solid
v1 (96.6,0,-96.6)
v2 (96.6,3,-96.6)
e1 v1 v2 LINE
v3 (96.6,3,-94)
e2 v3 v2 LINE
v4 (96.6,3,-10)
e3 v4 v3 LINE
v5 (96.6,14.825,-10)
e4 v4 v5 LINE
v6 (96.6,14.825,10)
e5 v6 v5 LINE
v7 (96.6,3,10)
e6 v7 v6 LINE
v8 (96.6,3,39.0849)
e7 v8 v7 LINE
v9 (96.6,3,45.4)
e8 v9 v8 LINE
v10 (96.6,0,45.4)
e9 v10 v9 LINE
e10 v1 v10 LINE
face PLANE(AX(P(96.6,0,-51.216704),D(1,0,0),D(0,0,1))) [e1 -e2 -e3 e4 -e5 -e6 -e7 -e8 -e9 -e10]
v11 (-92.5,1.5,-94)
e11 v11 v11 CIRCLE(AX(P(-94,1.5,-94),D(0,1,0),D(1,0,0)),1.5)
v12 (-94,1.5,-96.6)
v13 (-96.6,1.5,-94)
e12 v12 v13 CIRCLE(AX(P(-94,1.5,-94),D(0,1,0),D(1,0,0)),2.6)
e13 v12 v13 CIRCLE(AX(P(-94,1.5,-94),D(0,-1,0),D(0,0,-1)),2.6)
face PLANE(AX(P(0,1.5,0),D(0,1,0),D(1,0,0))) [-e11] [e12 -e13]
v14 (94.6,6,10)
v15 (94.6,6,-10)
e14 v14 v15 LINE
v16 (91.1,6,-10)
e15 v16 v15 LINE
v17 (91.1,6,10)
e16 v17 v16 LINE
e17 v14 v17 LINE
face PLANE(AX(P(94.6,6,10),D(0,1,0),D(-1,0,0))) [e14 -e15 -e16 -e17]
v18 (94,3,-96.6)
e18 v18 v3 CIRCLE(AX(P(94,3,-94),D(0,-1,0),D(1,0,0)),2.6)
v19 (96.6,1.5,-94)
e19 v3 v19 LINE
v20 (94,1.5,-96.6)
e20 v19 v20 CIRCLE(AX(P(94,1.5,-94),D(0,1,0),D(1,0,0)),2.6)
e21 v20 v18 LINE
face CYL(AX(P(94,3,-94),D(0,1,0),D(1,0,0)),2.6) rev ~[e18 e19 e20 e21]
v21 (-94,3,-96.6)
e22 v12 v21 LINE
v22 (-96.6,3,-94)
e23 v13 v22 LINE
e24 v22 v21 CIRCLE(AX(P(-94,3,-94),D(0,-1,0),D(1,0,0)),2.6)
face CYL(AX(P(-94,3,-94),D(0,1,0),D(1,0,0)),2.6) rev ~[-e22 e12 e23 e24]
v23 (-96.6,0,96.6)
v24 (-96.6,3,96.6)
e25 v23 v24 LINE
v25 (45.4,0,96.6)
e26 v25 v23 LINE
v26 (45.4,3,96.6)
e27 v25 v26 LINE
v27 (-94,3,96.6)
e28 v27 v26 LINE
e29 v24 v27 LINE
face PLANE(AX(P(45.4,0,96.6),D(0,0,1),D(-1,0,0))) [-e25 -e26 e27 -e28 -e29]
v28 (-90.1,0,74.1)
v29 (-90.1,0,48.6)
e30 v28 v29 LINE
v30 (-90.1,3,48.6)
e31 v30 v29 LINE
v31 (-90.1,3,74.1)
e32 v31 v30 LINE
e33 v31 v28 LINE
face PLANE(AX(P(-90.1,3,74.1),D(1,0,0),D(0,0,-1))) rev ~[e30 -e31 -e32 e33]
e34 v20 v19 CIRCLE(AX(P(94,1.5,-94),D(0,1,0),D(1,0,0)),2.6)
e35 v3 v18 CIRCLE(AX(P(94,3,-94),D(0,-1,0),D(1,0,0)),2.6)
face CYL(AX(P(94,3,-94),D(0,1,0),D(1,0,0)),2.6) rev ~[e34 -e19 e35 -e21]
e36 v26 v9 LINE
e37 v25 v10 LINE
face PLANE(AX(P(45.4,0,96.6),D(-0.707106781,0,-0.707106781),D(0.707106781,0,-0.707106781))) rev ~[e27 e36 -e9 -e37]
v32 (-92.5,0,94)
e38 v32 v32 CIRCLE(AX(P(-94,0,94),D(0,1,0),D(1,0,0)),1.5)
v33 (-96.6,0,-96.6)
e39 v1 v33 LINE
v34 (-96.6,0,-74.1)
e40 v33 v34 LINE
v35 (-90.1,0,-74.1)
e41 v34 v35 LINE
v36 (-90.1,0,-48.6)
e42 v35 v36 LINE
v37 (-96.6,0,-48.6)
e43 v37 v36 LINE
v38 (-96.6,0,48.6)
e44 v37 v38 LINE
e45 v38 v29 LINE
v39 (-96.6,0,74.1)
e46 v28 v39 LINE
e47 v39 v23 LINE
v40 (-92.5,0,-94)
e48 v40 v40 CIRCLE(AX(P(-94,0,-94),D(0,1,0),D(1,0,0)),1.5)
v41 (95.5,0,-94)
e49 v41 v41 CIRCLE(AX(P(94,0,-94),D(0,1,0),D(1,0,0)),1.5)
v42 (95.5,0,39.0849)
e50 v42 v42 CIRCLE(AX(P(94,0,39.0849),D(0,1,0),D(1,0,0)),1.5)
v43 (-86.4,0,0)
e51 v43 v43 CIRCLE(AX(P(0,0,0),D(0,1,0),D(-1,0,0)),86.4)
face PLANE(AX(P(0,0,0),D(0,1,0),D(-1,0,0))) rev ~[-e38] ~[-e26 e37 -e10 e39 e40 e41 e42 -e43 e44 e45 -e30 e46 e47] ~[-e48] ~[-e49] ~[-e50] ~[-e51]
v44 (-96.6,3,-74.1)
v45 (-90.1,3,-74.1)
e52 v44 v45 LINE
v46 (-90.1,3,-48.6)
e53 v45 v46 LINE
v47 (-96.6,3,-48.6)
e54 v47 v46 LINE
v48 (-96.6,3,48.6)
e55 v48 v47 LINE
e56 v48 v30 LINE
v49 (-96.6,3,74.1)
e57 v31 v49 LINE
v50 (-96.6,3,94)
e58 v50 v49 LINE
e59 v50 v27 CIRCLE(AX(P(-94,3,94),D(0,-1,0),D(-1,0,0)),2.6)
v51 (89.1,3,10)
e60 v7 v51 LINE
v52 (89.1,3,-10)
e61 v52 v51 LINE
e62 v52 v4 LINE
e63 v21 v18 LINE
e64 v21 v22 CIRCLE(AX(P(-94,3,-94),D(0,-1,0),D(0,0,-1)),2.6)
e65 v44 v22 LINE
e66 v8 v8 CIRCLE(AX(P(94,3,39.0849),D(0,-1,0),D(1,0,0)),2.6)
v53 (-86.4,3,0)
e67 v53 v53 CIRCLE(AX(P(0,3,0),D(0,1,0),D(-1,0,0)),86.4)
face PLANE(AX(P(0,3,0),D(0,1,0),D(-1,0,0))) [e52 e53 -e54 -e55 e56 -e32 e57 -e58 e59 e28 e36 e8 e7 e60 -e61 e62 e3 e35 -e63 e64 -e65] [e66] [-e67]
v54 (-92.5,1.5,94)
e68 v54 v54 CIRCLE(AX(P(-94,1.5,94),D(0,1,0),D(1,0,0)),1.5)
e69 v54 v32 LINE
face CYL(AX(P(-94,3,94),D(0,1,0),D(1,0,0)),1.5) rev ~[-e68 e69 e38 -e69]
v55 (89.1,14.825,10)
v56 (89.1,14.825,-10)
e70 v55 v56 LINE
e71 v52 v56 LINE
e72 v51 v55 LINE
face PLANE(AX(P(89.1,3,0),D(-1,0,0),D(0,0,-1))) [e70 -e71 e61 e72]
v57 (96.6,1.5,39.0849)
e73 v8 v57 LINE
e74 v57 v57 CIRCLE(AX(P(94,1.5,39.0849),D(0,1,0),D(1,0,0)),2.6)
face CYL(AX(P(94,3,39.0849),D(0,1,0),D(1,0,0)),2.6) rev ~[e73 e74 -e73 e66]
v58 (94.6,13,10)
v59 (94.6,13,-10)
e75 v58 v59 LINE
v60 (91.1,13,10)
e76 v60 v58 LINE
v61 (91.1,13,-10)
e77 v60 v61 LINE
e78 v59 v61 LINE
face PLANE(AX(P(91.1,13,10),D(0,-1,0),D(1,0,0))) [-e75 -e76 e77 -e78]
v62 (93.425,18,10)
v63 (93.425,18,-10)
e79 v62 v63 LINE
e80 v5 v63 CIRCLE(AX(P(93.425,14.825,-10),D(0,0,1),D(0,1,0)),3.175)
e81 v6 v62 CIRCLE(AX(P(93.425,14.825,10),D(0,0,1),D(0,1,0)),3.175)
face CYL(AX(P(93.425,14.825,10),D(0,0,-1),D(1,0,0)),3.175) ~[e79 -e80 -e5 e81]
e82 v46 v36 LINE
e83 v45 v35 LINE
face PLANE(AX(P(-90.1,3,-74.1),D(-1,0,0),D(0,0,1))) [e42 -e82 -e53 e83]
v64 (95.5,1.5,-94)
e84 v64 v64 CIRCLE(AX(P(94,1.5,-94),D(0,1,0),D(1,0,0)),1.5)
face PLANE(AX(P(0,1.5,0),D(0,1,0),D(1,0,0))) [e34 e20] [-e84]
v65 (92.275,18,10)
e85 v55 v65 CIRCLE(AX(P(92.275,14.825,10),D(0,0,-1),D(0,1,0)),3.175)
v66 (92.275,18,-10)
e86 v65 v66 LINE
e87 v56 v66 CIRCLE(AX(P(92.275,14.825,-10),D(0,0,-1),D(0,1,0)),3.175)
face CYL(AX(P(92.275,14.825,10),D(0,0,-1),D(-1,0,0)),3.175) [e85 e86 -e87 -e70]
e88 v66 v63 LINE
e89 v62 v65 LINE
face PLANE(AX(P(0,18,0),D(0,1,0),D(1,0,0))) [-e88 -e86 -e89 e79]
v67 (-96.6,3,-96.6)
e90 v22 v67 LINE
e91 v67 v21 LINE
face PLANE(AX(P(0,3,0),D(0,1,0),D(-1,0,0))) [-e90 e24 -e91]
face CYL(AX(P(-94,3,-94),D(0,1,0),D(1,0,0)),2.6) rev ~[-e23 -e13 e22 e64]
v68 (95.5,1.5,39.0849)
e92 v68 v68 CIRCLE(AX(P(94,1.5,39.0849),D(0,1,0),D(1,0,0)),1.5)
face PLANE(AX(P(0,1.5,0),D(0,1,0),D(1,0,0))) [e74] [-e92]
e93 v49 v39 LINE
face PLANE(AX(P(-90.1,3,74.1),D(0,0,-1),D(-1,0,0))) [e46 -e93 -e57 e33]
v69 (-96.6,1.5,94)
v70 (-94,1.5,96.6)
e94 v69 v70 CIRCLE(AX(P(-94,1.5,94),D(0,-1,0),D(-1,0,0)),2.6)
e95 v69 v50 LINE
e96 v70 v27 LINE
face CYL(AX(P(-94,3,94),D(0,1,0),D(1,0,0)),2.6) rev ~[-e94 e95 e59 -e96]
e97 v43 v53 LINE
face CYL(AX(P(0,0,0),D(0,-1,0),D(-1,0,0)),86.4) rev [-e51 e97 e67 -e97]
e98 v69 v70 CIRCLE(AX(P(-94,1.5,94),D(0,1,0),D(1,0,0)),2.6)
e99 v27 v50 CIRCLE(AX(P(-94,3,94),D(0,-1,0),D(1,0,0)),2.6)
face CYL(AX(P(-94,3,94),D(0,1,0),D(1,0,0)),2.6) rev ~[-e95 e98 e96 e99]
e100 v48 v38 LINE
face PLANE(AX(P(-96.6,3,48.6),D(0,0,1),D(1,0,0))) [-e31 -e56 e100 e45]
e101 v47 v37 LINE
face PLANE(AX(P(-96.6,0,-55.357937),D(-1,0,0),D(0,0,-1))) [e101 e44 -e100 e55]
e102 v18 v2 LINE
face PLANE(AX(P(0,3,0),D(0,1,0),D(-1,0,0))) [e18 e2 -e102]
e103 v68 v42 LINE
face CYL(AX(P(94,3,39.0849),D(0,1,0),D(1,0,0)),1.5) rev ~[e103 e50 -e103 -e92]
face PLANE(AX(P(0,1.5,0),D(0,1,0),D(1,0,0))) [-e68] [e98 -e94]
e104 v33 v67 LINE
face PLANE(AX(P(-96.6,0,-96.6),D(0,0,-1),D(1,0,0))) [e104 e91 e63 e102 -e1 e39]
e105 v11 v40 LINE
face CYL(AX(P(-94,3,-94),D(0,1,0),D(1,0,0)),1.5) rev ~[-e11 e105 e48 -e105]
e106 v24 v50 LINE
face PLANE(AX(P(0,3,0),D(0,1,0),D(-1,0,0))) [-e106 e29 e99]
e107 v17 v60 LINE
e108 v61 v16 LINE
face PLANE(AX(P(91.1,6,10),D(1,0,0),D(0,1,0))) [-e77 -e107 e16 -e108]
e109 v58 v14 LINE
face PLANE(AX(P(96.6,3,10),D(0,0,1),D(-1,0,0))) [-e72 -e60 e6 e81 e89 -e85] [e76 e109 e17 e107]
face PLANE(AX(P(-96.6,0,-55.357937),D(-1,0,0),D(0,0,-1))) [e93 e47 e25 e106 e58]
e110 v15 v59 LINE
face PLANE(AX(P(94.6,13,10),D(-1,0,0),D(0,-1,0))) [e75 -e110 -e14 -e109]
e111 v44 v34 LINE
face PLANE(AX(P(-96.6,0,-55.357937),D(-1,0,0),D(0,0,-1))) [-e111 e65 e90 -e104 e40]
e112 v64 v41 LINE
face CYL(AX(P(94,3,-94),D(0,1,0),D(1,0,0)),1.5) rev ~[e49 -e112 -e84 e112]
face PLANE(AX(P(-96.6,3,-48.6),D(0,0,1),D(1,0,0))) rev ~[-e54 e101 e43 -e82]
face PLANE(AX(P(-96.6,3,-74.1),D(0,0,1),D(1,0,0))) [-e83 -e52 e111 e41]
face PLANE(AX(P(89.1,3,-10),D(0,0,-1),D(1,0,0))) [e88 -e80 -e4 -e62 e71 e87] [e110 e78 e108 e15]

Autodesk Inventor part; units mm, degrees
ref_plane "YZ Plane" through (0, 0, 0) normal (1, 0, 0) x (0, 1, 0)
ref_plane "XZ Plane" through (0, 0, 0) normal (0, 1, 0) x (-1, 0, 0)
ref_plane "XY Plane" through (0, 0, 0) normal (0, 0, 1) x (1, 0, 0)
sketch "Sketch1" plane through (0, 0, 0) normal (0, 1, 0) x (-1, 0, 0)
  line L0 (101.6, -101.6) -> (-101.6, -101.6)
  line L1 (-101.6, -101.6) -> (-101.6, 101.6)
  line L2 (-101.6, 101.6) -> (101.6, 101.6)
  line L3 (101.6, 101.6) -> (101.6, -101.6)
  line L4 (96.6, -96.6) -> (-96.6, -96.6)
  line L5 (-96.6, -96.6) -> (-96.6, 96.6)
  line L6 (-96.6, 96.6) -> (96.6, 96.6)
  line L7 (96.6, 96.6) -> (96.6, -96.6)
  line L8 (101.6, 101.6) -> (-40.4, 101.6)
  circle A0 centre (0, 0) radius 86.4
  circle A1 centre (0, 0) radius 109.3376
  line L9 (-40.4, 101.6) -> (-101.6, 40.4)
  line L10 (-45.4, 101.6) -> (-101.6, 45.4)
  line L11 (96.6, 96.6) -> (96.6, 101.6)
  line L12 (-45.4, 101.6) -> (-35.4, 101.6)
  line L13 (-35.4, 101.6) -> (-35.4, 96.6)
  line L14 (-35.4, 96.6) -> (-45.4, 96.6)
  line L15 (-45.4, 96.6) -> (-45.4, 101.6)
  circle A2 centre (0, 0) radius 111.3376
  point P0 (96.6, 51.2168)
  point P1 (101.6, 40.4)
  point P2 (101.6, -40.4)
  point P3 (96.6, -51.2168)
  point P4 (-96.6, 45.4)
  point P5 (-45.4, 96.6)
  dimension "d0" = 203.2
  dimension "d1" = 203.2
  dimension "d2" = 101.6
  dimension "d3" = 101.6
  dimension "d4" = 5
  dimension "d5" = 5
  dimension "d6" = 5
  dimension "d7" = 5
  dimension "d10" = 142
  dimension "d12" = 61.2
  dimension "d14" = 172.8
  dimension "d15" = 5
  dimension "d16" = 5
  dimension "d17" = 10
  dimension "d34" = 2
extrude "Extrusion1" add sketch "Sketch1" along normal blind 3 contours A2 L7 L4 | L4 A1 L7 A2 | L4 A1 L5 L9 L6 L7 | A2 L5 A1 L4 | L4 L5 A2 | A1 L6 A2 L7 | A2 L6 L7
sketch "Sketch5" plane through (0, 3, 0) normal (0, 1, 0) x (1, 0, 0)
  line L0 (-96.6, -96.6) -> (45.4, -96.6) projected
  circle A0 centre (0, 0) radius 86.4 projected
  line L1 (96.6, -45.4) -> (96.6, 96.6) projected
  line L2 (96.6, 0) -> (89.1, 0)
  line L3 (89.1, 0) -> (89.1, 10)
  line L4 (89.1, 10) -> (96.6, 10)
  line L5 (96.6, 10) -> (96.6, 0)
  line L6 (89.1, 0) -> (96.6, 0)
  line L7 (96.6, 0) -> (96.6, -10)
  line L8 (96.6, -10) -> (89.1, -10)
  line L9 (89.1, -10) -> (89.1, 0)
  line L10 (0, 0) -> (96.6, 0)
  point P0 (10, -96.6)
  dimension "d52" = 7.5
  dimension "d53" = 7.5
  dimension "d54" = 10
  dimension "d55" = 10
extrude "Extrusion4" add sketch "Sketch5" along normal blind 15 contours L3 L4 L1 L2 | L2 L1 L8 L9
sketch "Sketch7" plane through (89.1, 3, 10) normal (0, 0, 1) x (1, 0, 0)
  line L0 (2, 10) -> (5.5, 10)
  line L1 (5.5, 10) -> (5.5, 3)
  line L2 (5.5, 3) -> (2, 3)
  line L3 (2, 3) -> (2, 10)
  line L4 (7.5, 0) -> (7.5, 15)
  line L5 (0, 0) -> (0, 15)
  line L6 (0, 15) -> (7.5, 15)
  point P0 (-89.1, -3)
  dimension "d56" = 3.5
  dimension "d57" = 2
  dimension "d58" = 2
  dimension "d59" = 5
  dimension "d60" = 7
extrude "Extrusion6" cut sketch "Sketch7" against normal through all
fillet "Fillet7" radius 3.175 2 edges at (96.6, 18, 0) (89.1, 18, 0)
sketch "Sketch8" plane through (0, 3, 0) normal (0, 1, 0) x (1, 0, 0)
  arc A0 (-101.6, -98.425) -> (-98.425, -101.6) centre (-98.425, -98.425) ccw
  line L0 (44.0849, 101.6) -> (-98.425, 101.6)
  line L1 (-101.6, 98.425) -> (-101.6, -98.425)
  line L2 (-101.6, -46.1) -> (-101.6, -76.6)
  line L3 (-96.6, -96.6) -> (-96.6, 96.6)
  line L4 (-96.6, -46.1) -> (-96.6, -76.6)
  line L5 (-101.6, -76.6) -> (-96.6, -76.6)
  line L6 (-101.6, -46.1) -> (-96.6, -46.1)
  line L7 (-98.425, -101.6) -> (101.6, -101.6)
  line L8 (0, 0) -> (-101.6, 0)
  line L9 (-101.6, 46.1) -> (-101.6, 76.6)
  line L10 (-96.6, 46.1) -> (-96.6, 76.6)
  line L11 (-101.6, 76.6) -> (-96.6, 76.6)
  line L12 (-101.6, 46.1) -> (-96.6, 46.1)
  line L13 (-96.6, -76.6) -> (-90.1, -76.6)
  line L14 (-90.1, -76.6) -> (-90.1, -46.1)
  line L15 (-90.1, -46.1) -> (-96.6, -46.1)
  line L16 (-96.6, -46.1) -> (-96.6, -76.6)
  arc A1 (-98.425, 101.6) -> (-101.6, 98.425) centre (-98.425, 98.425) ccw
  line L17 (-101.6, 46.1) -> (-101.6, 76.6)
  line L18 (-96.6, 46.1) -> (-96.6, 76.6)
  line L19 (-101.6, 76.6) -> (-96.6, 76.6)
  line L20 (-101.6, 46.1) -> (-96.6, 46.1)
  line L21 (-96.6, 76.6) -> (-90.1, 76.6)
  line L22 (-90.1, 76.6) -> (-90.1, 46.1)
  line L23 (-90.1, 46.1) -> (-96.6, 46.1)
  line L24 (-96.6, 46.1) -> (-96.6, 76.6)
  line L25 (-96.6, -76.6) -> (-101.6, -76.6)
  line L26 (-101.6, -76.6) -> (-101.6, -74.1)
  line L27 (-101.6, -74.1) -> (-96.6, -74.1)
  line L28 (-96.6, -74.1) -> (-96.6, -76.6)
  line L29 (-96.6, -46.1) -> (-101.6, -46.1)
  line L30 (-101.6, -46.1) -> (-101.6, -48.6)
  line L31 (-101.6, -48.6) -> (-96.6, -48.6)
  line L32 (-96.6, -48.6) -> (-96.6, -46.1)
  line L33 (-96.6, -76.6) -> (-90.1, -76.6)
  line L34 (-90.1, -76.6) -> (-90.1, -74.1)
  line L35 (-90.1, -74.1) -> (-96.6, -74.1)
  line L36 (-96.6, -74.1) -> (-96.6, -76.6)
  line L37 (-96.6, -48.6) -> (-90.1, -48.6)
  line L38 (-90.1, -48.6) -> (-90.1, -46.1)
  line L39 (-90.1, -46.1) -> (-96.6, -46.1)
  line L40 (-96.6, -46.1) -> (-96.6, -48.6)
  line L41 (-96.6, 96.6) -> (-96.6, -96.6) projected
  line L42 (-90.1, 46.1) -> (-96.6, 46.1)
  line L43 (-96.6, 46.1) -> (-96.6, 48.6)
  line L44 (-96.6, 48.6) -> (-90.1, 48.6)
  line L45 (-90.1, 48.6) -> (-90.1, 46.1)
  line L46 (-90.1, 76.6) -> (-96.6, 76.6)
  line L47 (-96.6, 76.6) -> (-96.6, 74.1)
  line L48 (-96.6, 74.1) -> (-90.1, 74.1)
  line L49 (-90.1, 74.1) -> (-90.1, 76.6)
  point P0 (-98.425, 98.425)
  point P1 (46.1, 101.6)
  point P2 (46.1, 96.6)
  point P3 (76.6, 96.6)
  point P4 (76.6, 101.6)
  point P5 (-46.1, 96.6)
  dimension "d64" = 30.5
  dimension "d65" = 25
  dimension "d66" = 6.5
  dimension "d118" = 2.5
  dimension "d119" = 2.5
  dimension "d120" = 2.5
  dimension "d121" = 2.5
extrude "Extrusion7" cut sketch "Sketch8" against normal through all contours L48 L22 L44 L3 | L37 L14 L35 L3
sketch "Sketch11" plane through (0, 3, 0) normal (0, 1, 0) x (1, 0, 0)
  line L0 (-94, 94) -> (94, 94)
  line L1 (94, 94) -> (94, -94)
  line L2 (94, -94) -> (-94, -94)
  line L3 (-94, -94) -> (-94, 94)
  circle A0 centre (-94, 94) radius 1.5
  circle A1 centre (94, 94) radius 1.5
  circle A2 centre (-94, -94) radius 1.5
  circle A3 centre (94, -39.0849) radius 1.5
  point P0 (0, 0)
  point P1 (0, 0)
  dimension "d98" = 94
  dimension "d99" = 94
  dimension "d100" = 94
  dimension "d101" = 94
  dimension "d102" = 3
  dimension "d103" = 3
  dimension "d104" = 3
  dimension "d105" = 3
extrude "Extrusion8" cut sketch "Sketch11" against normal blind 10 contours L3 A0 L0 | L0 A0 L3 | A1 L1 L0 | L0 L1 A1 | A2 L2 L3 | L3 L2 A2 | A3 L1 | L1 A3
sketch "Sketch12" plane through (0, 3, 0) normal (0, 1, 0) x (1, 0, 0)
  line L0 (-94, 94) -> (94, 94)
  line L1 (94, 94) -> (94, -94)
  line L2 (94, -94) -> (-94, -94)
  line L3 (-94, -94) -> (-94, 94)
  circle A0 centre (-94, 94) radius 2.6
  circle A1 centre (94, 94) radius 2.6
  circle A2 centre (-94, -94) radius 2.6
  circle A3 centre (94, -39.0849) radius 2.6
  point P0 (0, 0)
  point P1 (0, 0)
  point P2 (0, 0)
  dimension "d108" = 94
  dimension "d109" = 94
  dimension "d110" = 94
  dimension "d111" = 94
  dimension "d112" = 5.2
  dimension "d113" = 5.2
  dimension "d114" = 5.2
  dimension "d115" = 5.2
extrude "Extrusion9" cut sketch "Sketch12" against normal blind 1.5 contours L3 A0 L0 | L0 A0 L3 | A1 L1 L0 | L0 L1 A1 | A2 L2 L3 | L3 L2 A2 | A3 L1 | L1 A3
equation "\"d1\" = d0"
equation "\"d2\" = 0.5 * d0"
equation "\"d3\" = 0.5 * d0"
properties part number "Box_Walls_2"
